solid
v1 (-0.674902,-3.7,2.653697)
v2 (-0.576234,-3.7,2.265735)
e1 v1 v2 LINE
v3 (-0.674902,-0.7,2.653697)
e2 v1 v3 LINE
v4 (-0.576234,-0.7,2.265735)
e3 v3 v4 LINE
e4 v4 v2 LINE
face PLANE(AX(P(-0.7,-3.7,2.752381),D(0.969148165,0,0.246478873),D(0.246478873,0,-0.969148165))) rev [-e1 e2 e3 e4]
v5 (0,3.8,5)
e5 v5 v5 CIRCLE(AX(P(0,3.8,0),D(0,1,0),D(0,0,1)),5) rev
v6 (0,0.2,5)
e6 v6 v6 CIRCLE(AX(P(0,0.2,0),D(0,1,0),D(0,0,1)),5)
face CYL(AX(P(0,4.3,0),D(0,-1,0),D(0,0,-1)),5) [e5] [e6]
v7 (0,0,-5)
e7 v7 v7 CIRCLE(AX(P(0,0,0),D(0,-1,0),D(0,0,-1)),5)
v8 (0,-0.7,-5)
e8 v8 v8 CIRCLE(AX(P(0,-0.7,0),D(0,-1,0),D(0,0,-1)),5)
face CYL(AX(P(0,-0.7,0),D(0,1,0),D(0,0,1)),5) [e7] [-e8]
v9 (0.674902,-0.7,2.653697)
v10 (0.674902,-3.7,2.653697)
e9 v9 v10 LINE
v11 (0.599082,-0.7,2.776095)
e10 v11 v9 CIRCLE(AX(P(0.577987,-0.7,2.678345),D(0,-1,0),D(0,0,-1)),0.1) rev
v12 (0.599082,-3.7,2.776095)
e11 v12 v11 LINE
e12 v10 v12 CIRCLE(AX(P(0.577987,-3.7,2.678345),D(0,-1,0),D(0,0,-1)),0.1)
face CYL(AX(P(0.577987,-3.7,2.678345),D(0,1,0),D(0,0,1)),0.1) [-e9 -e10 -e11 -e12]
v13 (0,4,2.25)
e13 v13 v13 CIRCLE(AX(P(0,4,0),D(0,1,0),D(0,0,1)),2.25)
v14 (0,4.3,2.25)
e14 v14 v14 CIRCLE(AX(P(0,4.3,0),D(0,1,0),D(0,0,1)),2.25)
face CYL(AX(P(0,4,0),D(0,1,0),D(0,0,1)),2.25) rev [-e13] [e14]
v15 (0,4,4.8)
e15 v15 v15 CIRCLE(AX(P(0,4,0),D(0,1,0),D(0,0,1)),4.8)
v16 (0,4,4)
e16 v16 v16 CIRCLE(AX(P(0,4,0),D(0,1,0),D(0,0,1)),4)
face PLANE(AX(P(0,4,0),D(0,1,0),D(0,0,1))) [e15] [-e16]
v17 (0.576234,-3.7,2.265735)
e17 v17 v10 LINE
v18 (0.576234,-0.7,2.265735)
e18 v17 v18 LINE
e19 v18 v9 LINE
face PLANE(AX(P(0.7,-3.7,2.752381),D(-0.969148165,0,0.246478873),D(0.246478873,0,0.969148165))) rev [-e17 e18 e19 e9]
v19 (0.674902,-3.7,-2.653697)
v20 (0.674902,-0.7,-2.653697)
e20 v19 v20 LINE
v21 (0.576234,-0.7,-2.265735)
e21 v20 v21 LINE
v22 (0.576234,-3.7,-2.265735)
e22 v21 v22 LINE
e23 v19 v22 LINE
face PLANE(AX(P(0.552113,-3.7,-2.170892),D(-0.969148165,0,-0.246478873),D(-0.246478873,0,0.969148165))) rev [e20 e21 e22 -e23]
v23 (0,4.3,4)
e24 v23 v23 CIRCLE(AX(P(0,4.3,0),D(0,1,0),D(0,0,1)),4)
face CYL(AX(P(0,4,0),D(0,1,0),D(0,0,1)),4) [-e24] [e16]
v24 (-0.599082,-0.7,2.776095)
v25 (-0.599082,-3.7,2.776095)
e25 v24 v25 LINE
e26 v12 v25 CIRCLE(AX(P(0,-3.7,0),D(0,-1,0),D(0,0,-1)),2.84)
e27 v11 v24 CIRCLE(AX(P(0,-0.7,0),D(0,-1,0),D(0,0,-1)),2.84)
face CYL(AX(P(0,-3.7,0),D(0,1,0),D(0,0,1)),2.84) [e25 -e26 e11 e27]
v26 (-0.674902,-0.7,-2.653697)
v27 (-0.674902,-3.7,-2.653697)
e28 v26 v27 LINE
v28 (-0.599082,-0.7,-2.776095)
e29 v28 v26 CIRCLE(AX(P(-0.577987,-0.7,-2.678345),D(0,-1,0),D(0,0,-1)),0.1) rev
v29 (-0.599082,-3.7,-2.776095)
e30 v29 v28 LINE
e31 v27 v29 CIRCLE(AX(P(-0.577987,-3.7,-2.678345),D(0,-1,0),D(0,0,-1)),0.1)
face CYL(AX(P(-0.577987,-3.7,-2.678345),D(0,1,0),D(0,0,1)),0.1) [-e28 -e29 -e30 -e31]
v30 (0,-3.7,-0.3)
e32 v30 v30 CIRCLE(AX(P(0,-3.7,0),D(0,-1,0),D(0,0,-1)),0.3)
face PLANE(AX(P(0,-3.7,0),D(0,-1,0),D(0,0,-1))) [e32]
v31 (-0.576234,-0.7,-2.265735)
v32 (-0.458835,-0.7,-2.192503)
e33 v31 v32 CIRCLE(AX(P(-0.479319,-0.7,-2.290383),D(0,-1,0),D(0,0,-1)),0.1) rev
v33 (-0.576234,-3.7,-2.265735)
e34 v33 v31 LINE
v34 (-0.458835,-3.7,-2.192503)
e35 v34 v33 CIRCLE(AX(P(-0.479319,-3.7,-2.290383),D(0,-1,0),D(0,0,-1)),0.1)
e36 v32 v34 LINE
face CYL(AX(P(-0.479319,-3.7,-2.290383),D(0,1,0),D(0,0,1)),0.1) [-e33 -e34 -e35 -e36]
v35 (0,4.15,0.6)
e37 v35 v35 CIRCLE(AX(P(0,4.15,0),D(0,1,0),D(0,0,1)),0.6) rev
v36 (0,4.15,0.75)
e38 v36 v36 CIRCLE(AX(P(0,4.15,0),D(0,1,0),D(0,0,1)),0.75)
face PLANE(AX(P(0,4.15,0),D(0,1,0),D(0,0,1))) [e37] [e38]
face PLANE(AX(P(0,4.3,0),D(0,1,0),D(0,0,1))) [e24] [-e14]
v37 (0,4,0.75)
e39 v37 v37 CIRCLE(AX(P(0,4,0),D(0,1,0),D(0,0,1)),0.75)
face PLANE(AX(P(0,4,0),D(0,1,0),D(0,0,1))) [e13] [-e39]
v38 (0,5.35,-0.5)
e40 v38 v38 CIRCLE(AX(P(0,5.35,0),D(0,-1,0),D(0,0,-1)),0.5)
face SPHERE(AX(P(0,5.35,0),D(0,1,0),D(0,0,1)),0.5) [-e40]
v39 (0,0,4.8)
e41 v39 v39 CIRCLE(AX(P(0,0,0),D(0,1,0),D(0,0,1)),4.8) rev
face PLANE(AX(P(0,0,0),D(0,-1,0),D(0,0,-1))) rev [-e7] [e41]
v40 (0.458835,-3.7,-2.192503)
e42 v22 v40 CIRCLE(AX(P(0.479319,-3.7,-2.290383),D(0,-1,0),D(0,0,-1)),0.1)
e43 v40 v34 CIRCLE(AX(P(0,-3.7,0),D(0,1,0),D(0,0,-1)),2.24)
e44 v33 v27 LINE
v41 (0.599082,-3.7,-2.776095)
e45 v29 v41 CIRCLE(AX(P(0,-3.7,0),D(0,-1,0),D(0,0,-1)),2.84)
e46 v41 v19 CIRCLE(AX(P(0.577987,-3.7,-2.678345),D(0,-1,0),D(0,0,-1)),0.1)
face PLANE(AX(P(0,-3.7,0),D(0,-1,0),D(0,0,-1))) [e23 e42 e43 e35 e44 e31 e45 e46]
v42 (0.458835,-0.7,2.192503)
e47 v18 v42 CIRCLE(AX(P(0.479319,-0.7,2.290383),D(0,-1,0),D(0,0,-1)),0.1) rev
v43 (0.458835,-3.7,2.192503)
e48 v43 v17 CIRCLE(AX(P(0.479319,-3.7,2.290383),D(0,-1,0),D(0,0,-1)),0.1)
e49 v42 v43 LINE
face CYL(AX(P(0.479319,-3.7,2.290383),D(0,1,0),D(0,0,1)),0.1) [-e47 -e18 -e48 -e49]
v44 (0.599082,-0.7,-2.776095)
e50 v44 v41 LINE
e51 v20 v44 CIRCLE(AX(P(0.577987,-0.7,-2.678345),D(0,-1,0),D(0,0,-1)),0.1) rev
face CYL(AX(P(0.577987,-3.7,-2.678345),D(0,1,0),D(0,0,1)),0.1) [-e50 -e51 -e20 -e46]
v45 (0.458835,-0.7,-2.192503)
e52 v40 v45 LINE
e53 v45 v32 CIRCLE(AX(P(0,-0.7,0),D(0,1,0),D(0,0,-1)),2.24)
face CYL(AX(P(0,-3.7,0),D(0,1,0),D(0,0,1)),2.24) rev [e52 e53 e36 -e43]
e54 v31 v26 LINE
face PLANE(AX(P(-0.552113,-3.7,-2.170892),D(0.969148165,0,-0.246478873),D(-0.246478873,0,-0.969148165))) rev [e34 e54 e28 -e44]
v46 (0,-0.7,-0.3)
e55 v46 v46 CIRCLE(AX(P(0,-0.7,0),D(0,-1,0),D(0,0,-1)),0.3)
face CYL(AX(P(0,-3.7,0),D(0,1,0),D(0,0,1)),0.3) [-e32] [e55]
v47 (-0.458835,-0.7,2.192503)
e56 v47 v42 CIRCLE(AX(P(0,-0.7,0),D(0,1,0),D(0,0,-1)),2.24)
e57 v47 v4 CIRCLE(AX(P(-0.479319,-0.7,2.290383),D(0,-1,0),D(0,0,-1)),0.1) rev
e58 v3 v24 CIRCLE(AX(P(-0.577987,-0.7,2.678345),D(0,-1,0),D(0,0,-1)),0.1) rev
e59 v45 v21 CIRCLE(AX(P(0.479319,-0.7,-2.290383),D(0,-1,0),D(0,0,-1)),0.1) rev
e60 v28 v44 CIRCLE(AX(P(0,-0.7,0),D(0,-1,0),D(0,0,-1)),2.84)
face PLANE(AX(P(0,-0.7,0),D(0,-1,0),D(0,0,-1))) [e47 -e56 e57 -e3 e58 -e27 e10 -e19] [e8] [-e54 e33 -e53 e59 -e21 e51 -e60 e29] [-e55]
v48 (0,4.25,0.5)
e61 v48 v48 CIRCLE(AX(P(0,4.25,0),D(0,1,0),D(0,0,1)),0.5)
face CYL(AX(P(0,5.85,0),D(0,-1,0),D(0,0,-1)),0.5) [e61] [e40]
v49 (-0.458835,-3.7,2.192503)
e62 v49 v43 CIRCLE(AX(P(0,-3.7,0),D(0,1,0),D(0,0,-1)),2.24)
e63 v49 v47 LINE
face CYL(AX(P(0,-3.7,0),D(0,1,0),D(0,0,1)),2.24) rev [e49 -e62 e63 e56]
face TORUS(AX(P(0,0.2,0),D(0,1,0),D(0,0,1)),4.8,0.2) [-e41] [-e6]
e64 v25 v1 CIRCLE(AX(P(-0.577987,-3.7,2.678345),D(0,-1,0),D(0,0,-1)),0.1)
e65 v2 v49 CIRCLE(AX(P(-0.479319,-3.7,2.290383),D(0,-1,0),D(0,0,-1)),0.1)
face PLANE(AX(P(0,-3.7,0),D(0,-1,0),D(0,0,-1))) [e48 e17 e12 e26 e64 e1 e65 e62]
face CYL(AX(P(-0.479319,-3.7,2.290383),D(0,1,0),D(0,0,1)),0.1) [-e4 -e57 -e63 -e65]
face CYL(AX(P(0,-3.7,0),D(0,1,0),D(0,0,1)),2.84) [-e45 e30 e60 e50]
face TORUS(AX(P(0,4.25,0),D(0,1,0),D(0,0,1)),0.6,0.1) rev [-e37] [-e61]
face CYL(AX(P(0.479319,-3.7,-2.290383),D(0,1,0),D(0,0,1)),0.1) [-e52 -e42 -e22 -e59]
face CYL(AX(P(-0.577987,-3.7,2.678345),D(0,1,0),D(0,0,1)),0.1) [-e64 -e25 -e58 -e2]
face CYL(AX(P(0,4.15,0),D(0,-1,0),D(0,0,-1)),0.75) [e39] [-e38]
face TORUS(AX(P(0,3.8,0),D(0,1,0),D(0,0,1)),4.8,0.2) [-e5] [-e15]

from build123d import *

# Parameters (mm, degrees)
SKETCH_1_R          = 5
EXTRUDE_1_DEPTH     = 4.3
SKETCH_2_R          = 5
SKETCH_2_R_2        = 4
SKETCH_2_R_3        = 2.25
CUT_EXTRUDE_1_DEPTH = 0.3
SKETCH_3_R          = 0.75
EXTRUDE_2_DEPTH     = 0.15
SKETCH_4_R          = 0.5
EXTRUDE_3_DEPTH     = 1.7
FILLET_1_R          = 0.5
FILLET_2_R          = 0.2
FILLET_3_R          = 0.1
SKETCH_5_R          = 5
EXTRUDE_4_DEPTH     = 0.7
EXTRUDE_5_DEPTH     = 3
FILLET_4_R          = 0.1
SKETCH_7_R          = 0.3
EXTRUDE_6_DEPTH     = 3


with BuildPart() as part:
    # Эскиз1 → Бобышка-Вытянуть1 (new body)
    with BuildSketch(Plane(origin=(0, 0, 0), x_dir=(1, 0, 0), z_dir=(0, 1, 0))):
        Circle(SKETCH_1_R)
    extrude(amount=EXTRUDE_1_DEPTH)

    # Эскиз2 → Вырез-Вытянуть1 (cut)
    with BuildSketch(Plane(origin=(0, 4.3, 0), x_dir=(1, 0, 0), z_dir=(0, 1, 0))):
        Circle(SKETCH_2_R)
        Circle(SKETCH_2_R_2, mode=Mode.SUBTRACT)
        Circle(SKETCH_2_R_3)
    extrude(amount=-CUT_EXTRUDE_1_DEPTH, mode=Mode.SUBTRACT)

    # Эскиз3 → Бобышка-Вытянуть2 (add)
    with BuildSketch(Plane(origin=(0, 4, 0), x_dir=(1, 0, 0), z_dir=(0, 1, 0))):
        Circle(SKETCH_3_R)
    extrude(amount=EXTRUDE_2_DEPTH)

    # Эскиз4 → Бобышка-Вытянуть3 (add)
    with BuildSketch(Plane(origin=(0, 4.15, 0), x_dir=(1, 0, 0), z_dir=(0, 1, 0))):
        Circle(SKETCH_4_R)
    extrude(amount=EXTRUDE_3_DEPTH)

    # Скругление1
    fillet_1_edges = [part.edges().sort_by_distance(p)[0] for p in [
        (-0.5, 5.85, 0),
    ]]
    fillet(fillet_1_edges, radius=FILLET_1_R)

    # Скругление2
    fillet_2_edges = [part.edges().sort_by_distance(p)[0] for p in [
        (-5, 0, 0),
        (-5, 4, 0),
    ]]
    fillet(fillet_2_edges, radius=FILLET_2_R)

    # Скругление3
    fillet_3_edges = [part.edges().sort_by_distance(p)[0] for p in [
        (-0.5, 4.15, 0),
    ]]
    fillet(fillet_3_edges, radius=FILLET_3_R)

    # Эскиз5 → Бобышка-Вытянуть4 (add)
    with BuildSketch(Plane.XZ):
        Circle(SKETCH_5_R)
    extrude(amount=EXTRUDE_4_DEPTH)

    # Эскиз6 → Бобышка-Вытянуть5 (add)
    with BuildSketch(Plane.XZ.offset(0.7)):
        with BuildLine():
            Line((0.7, 2.752380788), (0.552112676, 2.170891889))
            ThreePointArc((0.552112676, 2.170891889), (0, 2.24), (-0.552112676, 2.170891889))
            Line((-0.552112676, 2.170891889), (-0.7, 2.752380788))
            ThreePointArc((-0.7, 2.752380788), (0, 2.84), (0.7, 2.752380788))
        make_face()
        with BuildLine():
            Line((0.552112676, -2.170891889), (0.7, -2.752380788))
            ThreePointArc((0.7, -2.752380788), (0, -2.84), (-0.7, -2.752380788))
            Line((-0.7, -2.752380788), (-0.552112676, -2.170891889))
            ThreePointArc((-0.552112676, -2.170891889), (0, -2.24), (0.552112676, -2.170891889))
        make_face()
    extrude(amount=EXTRUDE_5_DEPTH)

    # Скругление4
    fillet_4_edges = [part.edges().sort_by_distance(p)[0] for p in [
        (0.7, -2.2, 2.752380788),
        (-0.7, -2.2, 2.752380788),
        (-0.552112676, -2.2, 2.170891889),
        (0.552112676, -2.2, 2.170891889),
        (-0.7, -2.2, -2.752380788),
        (0.7, -2.2, -2.752380788),
        (0.552112676, -2.2, -2.170891889),
        (-0.552112676, -2.2, -2.170891889),
    ]]
    fillet(fillet_4_edges, radius=FILLET_4_R)

    # Эскиз7 → Бобышка-Вытянуть6 (add)
    with BuildSketch(Plane.XZ.offset(0.7)):
        Circle(SKETCH_7_R)
    extrude(amount=EXTRUDE_6_DEPTH)


solid = part.part
